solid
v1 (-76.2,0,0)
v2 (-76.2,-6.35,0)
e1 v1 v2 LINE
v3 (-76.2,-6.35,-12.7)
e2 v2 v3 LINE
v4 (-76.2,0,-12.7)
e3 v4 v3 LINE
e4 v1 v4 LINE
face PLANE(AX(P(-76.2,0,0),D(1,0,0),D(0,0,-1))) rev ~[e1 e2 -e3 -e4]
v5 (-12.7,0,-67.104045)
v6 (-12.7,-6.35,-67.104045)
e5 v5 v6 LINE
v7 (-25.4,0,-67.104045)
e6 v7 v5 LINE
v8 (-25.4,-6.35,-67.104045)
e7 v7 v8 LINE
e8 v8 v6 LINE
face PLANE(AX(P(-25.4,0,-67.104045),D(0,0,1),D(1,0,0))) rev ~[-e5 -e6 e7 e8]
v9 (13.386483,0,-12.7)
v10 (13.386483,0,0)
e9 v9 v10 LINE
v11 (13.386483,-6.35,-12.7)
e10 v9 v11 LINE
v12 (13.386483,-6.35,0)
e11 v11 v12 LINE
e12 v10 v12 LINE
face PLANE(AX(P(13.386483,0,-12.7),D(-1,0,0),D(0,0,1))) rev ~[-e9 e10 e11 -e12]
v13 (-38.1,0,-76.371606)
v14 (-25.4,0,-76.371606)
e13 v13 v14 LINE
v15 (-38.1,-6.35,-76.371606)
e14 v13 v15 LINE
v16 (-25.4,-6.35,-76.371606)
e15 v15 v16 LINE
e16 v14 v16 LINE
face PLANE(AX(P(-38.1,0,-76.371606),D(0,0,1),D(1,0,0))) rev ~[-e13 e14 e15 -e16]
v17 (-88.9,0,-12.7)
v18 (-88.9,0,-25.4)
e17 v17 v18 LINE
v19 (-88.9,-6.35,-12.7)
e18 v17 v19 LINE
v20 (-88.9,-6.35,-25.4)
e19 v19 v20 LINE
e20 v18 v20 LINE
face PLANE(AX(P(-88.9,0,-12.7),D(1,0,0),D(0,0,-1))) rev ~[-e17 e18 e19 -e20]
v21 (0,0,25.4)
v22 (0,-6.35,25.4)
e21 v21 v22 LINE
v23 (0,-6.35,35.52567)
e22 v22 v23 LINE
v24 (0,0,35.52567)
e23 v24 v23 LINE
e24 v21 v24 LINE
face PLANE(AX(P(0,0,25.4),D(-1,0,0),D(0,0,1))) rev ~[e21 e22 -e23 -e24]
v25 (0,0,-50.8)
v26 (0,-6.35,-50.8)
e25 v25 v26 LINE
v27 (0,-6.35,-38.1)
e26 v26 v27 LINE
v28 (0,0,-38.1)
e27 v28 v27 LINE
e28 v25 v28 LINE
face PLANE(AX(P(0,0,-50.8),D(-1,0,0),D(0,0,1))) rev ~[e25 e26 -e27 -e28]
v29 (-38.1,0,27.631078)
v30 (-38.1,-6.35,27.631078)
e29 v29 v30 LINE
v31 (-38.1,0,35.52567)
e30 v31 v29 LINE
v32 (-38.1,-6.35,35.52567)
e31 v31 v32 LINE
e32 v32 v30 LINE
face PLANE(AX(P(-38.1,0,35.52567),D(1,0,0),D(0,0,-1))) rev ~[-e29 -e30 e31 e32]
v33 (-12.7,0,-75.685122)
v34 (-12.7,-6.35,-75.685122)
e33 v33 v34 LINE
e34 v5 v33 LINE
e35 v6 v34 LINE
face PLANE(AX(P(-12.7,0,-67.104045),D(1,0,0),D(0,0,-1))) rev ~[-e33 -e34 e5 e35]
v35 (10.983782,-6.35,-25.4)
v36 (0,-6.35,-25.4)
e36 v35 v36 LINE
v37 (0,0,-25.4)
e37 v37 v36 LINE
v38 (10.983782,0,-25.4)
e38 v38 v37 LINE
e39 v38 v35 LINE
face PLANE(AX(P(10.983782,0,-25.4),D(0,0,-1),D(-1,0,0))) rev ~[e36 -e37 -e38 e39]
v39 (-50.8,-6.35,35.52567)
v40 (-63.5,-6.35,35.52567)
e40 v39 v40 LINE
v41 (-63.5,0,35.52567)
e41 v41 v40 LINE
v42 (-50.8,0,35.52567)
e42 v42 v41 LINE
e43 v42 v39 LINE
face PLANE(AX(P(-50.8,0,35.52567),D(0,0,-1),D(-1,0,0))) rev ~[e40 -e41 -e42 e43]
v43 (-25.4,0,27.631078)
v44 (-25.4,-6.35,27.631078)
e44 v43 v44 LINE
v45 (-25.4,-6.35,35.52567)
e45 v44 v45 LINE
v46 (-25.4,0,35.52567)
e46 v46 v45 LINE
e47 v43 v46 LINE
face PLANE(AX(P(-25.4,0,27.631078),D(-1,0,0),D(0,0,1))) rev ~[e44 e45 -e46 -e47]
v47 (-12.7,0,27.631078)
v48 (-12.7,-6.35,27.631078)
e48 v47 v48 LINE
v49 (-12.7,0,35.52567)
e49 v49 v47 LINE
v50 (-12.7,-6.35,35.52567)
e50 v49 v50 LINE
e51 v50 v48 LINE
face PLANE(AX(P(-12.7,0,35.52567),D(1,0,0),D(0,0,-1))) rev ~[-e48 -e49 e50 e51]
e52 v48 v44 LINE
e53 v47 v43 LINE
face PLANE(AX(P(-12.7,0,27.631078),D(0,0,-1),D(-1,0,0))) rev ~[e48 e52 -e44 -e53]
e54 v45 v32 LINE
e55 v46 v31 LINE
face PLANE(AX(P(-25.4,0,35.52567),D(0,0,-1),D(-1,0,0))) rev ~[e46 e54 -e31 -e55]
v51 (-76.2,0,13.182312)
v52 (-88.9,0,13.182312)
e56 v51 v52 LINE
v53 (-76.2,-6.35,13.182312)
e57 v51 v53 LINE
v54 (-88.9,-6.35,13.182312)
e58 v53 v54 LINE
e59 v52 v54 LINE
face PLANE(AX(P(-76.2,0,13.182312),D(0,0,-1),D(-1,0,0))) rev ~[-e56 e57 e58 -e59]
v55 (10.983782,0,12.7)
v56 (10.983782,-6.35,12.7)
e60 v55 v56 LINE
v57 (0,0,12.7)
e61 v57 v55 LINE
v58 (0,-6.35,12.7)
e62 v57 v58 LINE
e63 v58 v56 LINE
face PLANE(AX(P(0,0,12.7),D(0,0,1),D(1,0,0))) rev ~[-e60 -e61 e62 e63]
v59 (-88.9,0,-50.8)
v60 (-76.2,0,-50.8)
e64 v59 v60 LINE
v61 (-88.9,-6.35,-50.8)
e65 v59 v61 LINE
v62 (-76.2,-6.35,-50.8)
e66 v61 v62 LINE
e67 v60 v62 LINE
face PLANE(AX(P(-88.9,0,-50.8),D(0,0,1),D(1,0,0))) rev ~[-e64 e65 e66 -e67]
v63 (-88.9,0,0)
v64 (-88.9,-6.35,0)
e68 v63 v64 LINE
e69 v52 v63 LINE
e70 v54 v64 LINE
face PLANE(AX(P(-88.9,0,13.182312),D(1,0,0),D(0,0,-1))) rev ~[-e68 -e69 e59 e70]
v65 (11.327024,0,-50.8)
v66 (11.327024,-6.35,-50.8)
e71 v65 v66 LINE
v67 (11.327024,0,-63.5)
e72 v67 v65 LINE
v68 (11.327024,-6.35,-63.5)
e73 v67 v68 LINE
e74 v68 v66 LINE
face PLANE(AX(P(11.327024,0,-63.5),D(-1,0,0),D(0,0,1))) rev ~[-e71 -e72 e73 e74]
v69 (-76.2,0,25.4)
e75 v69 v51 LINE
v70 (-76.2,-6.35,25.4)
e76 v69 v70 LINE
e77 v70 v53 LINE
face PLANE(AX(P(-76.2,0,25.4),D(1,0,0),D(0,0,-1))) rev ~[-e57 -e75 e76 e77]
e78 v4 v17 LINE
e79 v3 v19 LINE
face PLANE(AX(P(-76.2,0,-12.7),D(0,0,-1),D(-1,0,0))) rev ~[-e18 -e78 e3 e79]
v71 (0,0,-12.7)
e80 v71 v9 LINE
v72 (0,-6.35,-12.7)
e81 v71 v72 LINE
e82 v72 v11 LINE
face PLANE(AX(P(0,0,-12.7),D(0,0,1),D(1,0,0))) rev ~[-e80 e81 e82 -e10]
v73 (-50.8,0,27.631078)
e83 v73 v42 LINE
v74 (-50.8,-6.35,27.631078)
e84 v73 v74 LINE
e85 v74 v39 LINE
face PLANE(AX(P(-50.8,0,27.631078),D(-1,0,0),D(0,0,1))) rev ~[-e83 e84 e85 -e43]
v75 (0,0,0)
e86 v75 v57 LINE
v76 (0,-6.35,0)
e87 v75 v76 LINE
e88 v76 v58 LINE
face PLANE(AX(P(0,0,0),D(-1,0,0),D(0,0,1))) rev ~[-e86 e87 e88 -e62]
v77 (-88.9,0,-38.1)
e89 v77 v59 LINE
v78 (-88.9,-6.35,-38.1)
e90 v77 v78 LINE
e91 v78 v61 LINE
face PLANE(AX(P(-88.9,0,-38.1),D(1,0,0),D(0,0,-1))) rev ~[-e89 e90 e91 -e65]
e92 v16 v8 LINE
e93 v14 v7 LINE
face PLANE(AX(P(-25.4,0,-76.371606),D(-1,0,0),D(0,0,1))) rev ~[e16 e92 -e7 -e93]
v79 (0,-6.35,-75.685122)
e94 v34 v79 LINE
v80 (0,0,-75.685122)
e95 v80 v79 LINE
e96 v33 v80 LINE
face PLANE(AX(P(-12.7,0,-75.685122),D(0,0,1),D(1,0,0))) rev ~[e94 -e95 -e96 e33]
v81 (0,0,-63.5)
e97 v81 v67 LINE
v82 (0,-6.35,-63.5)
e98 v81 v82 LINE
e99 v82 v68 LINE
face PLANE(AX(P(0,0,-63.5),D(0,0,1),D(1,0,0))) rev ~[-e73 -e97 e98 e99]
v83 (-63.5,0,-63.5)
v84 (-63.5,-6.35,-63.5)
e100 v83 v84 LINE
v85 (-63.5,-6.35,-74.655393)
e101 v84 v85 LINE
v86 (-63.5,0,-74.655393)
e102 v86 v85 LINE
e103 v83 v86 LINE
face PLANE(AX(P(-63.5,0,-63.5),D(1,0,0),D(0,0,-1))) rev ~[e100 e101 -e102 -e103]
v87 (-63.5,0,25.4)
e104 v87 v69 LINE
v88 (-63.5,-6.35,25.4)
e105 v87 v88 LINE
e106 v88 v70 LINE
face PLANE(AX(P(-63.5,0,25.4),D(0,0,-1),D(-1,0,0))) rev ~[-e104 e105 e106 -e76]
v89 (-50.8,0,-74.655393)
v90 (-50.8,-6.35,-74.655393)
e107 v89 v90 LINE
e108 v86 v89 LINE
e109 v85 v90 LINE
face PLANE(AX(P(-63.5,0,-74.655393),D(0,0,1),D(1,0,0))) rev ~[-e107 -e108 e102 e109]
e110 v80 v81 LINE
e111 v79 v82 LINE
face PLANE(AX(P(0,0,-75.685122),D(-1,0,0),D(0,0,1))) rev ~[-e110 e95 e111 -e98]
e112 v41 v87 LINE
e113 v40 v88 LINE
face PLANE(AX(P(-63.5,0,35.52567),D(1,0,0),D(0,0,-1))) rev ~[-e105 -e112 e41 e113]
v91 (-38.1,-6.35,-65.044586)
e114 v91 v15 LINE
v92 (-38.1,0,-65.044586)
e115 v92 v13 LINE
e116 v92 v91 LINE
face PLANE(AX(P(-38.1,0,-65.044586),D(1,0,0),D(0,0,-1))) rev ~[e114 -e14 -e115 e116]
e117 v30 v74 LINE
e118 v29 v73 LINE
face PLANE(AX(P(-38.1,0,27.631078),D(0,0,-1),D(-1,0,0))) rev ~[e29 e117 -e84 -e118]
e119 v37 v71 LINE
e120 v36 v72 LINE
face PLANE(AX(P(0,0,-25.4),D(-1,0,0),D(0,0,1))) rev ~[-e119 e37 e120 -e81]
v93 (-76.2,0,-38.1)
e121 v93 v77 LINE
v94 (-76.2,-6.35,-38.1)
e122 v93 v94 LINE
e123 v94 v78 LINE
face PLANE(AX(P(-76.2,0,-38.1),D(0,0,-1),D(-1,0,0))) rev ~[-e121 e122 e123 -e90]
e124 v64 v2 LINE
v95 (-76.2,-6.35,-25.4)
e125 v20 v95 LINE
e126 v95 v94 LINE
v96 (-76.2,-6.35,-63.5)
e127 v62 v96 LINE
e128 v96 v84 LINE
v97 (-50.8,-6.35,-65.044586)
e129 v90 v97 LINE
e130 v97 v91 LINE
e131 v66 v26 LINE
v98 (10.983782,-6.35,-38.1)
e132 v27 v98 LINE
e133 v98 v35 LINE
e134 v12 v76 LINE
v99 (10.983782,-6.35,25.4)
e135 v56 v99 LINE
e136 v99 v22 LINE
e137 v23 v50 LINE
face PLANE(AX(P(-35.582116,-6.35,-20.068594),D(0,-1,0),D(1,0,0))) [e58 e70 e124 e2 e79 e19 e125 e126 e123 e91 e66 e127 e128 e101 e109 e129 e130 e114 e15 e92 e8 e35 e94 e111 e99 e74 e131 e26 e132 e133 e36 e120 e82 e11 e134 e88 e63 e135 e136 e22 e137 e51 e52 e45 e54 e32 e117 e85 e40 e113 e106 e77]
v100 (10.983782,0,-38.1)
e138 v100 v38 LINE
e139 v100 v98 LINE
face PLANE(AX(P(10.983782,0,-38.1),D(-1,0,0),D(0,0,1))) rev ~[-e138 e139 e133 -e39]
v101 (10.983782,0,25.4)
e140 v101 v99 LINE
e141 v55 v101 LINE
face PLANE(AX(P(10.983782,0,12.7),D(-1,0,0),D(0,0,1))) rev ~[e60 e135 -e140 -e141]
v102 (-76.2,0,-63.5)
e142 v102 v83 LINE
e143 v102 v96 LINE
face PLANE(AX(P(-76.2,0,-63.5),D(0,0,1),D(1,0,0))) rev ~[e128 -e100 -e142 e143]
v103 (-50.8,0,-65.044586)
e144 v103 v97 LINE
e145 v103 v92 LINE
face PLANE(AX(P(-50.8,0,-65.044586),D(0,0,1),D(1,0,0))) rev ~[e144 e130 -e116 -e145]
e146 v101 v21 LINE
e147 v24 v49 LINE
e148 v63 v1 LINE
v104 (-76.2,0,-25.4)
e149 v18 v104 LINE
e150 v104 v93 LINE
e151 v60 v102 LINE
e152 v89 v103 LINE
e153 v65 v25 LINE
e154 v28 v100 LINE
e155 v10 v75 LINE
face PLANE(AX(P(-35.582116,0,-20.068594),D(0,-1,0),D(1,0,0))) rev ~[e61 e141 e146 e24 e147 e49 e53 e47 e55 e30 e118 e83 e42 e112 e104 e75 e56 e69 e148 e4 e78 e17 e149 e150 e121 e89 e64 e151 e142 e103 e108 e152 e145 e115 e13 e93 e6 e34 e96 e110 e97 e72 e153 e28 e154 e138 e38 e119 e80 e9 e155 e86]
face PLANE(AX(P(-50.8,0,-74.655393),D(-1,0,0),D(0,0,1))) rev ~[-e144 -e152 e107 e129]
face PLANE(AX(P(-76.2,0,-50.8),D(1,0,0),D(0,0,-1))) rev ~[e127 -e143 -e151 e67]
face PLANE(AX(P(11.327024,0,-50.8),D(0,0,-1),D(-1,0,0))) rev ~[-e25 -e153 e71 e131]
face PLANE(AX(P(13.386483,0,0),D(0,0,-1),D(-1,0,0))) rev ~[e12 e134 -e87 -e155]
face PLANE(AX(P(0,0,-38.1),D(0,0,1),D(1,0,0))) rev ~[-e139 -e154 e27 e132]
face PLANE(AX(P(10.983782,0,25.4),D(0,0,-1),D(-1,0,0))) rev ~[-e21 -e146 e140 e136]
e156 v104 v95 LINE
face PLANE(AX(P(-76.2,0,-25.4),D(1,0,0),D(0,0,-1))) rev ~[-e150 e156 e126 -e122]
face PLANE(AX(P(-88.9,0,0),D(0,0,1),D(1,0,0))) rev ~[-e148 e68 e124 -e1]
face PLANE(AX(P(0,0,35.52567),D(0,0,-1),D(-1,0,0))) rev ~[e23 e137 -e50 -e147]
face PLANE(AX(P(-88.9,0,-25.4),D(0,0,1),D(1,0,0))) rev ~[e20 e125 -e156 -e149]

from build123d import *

# Parameters (mm, degrees)
F1_DEPTH = 6.35


with BuildPart() as f1:
    # F0 (on Front) → F1 (new body)
    with BuildSketch(Plane.XZ):
        Polygon((0, 25.4), (0, 35.52567), (-12.7, 35.52567), (-12.7, 27.631078), (-25.4, 27.631078), (-25.4, 35.52567), (-38.1, 35.52567), (-38.1, 27.631078), (-50.8, 27.631078), (-50.8, 35.52567), (-63.5, 35.52567), (-63.5, 25.4), (-76.2, 25.4), (-76.2, 13.182312), (-88.9, 13.182312), (-88.9, 0), (-76.2, 0), (-76.2, -12.7), (-88.9, -12.7), (-88.9, -25.4), (-76.2, -25.4), (-76.2, -38.1), (-88.9, -38.1), (-88.9, -50.8), (-76.2, -50.8), (-76.2, -63.5), (-70.708094, -63.5), (-63.5, -63.5), (-63.5, -74.655393), (-50.8, -74.655393), (-50.8, -65.044586), (-38.1, -65.044586), (-38.1, -76.371606), (-25.4, -76.371606), (-25.4, -67.104045), (-12.7, -67.104045), (-12.7, -75.685122), (0, -75.685122), (0, -63.5), (11.327024, -63.5), (11.327024, -50.8), (0, -50.8), (0, -38.1), (10.983782, -38.1), (10.983782, -25.4), (0, -25.4), (0, -12.7), (13.386483, -12.7), (13.386483, 0), (0, 0), (0, 12.7), (10.983782, 12.7), (10.983782, 25.4), align=None)
    extrude(amount=F1_DEPTH)


solid = f1.part
